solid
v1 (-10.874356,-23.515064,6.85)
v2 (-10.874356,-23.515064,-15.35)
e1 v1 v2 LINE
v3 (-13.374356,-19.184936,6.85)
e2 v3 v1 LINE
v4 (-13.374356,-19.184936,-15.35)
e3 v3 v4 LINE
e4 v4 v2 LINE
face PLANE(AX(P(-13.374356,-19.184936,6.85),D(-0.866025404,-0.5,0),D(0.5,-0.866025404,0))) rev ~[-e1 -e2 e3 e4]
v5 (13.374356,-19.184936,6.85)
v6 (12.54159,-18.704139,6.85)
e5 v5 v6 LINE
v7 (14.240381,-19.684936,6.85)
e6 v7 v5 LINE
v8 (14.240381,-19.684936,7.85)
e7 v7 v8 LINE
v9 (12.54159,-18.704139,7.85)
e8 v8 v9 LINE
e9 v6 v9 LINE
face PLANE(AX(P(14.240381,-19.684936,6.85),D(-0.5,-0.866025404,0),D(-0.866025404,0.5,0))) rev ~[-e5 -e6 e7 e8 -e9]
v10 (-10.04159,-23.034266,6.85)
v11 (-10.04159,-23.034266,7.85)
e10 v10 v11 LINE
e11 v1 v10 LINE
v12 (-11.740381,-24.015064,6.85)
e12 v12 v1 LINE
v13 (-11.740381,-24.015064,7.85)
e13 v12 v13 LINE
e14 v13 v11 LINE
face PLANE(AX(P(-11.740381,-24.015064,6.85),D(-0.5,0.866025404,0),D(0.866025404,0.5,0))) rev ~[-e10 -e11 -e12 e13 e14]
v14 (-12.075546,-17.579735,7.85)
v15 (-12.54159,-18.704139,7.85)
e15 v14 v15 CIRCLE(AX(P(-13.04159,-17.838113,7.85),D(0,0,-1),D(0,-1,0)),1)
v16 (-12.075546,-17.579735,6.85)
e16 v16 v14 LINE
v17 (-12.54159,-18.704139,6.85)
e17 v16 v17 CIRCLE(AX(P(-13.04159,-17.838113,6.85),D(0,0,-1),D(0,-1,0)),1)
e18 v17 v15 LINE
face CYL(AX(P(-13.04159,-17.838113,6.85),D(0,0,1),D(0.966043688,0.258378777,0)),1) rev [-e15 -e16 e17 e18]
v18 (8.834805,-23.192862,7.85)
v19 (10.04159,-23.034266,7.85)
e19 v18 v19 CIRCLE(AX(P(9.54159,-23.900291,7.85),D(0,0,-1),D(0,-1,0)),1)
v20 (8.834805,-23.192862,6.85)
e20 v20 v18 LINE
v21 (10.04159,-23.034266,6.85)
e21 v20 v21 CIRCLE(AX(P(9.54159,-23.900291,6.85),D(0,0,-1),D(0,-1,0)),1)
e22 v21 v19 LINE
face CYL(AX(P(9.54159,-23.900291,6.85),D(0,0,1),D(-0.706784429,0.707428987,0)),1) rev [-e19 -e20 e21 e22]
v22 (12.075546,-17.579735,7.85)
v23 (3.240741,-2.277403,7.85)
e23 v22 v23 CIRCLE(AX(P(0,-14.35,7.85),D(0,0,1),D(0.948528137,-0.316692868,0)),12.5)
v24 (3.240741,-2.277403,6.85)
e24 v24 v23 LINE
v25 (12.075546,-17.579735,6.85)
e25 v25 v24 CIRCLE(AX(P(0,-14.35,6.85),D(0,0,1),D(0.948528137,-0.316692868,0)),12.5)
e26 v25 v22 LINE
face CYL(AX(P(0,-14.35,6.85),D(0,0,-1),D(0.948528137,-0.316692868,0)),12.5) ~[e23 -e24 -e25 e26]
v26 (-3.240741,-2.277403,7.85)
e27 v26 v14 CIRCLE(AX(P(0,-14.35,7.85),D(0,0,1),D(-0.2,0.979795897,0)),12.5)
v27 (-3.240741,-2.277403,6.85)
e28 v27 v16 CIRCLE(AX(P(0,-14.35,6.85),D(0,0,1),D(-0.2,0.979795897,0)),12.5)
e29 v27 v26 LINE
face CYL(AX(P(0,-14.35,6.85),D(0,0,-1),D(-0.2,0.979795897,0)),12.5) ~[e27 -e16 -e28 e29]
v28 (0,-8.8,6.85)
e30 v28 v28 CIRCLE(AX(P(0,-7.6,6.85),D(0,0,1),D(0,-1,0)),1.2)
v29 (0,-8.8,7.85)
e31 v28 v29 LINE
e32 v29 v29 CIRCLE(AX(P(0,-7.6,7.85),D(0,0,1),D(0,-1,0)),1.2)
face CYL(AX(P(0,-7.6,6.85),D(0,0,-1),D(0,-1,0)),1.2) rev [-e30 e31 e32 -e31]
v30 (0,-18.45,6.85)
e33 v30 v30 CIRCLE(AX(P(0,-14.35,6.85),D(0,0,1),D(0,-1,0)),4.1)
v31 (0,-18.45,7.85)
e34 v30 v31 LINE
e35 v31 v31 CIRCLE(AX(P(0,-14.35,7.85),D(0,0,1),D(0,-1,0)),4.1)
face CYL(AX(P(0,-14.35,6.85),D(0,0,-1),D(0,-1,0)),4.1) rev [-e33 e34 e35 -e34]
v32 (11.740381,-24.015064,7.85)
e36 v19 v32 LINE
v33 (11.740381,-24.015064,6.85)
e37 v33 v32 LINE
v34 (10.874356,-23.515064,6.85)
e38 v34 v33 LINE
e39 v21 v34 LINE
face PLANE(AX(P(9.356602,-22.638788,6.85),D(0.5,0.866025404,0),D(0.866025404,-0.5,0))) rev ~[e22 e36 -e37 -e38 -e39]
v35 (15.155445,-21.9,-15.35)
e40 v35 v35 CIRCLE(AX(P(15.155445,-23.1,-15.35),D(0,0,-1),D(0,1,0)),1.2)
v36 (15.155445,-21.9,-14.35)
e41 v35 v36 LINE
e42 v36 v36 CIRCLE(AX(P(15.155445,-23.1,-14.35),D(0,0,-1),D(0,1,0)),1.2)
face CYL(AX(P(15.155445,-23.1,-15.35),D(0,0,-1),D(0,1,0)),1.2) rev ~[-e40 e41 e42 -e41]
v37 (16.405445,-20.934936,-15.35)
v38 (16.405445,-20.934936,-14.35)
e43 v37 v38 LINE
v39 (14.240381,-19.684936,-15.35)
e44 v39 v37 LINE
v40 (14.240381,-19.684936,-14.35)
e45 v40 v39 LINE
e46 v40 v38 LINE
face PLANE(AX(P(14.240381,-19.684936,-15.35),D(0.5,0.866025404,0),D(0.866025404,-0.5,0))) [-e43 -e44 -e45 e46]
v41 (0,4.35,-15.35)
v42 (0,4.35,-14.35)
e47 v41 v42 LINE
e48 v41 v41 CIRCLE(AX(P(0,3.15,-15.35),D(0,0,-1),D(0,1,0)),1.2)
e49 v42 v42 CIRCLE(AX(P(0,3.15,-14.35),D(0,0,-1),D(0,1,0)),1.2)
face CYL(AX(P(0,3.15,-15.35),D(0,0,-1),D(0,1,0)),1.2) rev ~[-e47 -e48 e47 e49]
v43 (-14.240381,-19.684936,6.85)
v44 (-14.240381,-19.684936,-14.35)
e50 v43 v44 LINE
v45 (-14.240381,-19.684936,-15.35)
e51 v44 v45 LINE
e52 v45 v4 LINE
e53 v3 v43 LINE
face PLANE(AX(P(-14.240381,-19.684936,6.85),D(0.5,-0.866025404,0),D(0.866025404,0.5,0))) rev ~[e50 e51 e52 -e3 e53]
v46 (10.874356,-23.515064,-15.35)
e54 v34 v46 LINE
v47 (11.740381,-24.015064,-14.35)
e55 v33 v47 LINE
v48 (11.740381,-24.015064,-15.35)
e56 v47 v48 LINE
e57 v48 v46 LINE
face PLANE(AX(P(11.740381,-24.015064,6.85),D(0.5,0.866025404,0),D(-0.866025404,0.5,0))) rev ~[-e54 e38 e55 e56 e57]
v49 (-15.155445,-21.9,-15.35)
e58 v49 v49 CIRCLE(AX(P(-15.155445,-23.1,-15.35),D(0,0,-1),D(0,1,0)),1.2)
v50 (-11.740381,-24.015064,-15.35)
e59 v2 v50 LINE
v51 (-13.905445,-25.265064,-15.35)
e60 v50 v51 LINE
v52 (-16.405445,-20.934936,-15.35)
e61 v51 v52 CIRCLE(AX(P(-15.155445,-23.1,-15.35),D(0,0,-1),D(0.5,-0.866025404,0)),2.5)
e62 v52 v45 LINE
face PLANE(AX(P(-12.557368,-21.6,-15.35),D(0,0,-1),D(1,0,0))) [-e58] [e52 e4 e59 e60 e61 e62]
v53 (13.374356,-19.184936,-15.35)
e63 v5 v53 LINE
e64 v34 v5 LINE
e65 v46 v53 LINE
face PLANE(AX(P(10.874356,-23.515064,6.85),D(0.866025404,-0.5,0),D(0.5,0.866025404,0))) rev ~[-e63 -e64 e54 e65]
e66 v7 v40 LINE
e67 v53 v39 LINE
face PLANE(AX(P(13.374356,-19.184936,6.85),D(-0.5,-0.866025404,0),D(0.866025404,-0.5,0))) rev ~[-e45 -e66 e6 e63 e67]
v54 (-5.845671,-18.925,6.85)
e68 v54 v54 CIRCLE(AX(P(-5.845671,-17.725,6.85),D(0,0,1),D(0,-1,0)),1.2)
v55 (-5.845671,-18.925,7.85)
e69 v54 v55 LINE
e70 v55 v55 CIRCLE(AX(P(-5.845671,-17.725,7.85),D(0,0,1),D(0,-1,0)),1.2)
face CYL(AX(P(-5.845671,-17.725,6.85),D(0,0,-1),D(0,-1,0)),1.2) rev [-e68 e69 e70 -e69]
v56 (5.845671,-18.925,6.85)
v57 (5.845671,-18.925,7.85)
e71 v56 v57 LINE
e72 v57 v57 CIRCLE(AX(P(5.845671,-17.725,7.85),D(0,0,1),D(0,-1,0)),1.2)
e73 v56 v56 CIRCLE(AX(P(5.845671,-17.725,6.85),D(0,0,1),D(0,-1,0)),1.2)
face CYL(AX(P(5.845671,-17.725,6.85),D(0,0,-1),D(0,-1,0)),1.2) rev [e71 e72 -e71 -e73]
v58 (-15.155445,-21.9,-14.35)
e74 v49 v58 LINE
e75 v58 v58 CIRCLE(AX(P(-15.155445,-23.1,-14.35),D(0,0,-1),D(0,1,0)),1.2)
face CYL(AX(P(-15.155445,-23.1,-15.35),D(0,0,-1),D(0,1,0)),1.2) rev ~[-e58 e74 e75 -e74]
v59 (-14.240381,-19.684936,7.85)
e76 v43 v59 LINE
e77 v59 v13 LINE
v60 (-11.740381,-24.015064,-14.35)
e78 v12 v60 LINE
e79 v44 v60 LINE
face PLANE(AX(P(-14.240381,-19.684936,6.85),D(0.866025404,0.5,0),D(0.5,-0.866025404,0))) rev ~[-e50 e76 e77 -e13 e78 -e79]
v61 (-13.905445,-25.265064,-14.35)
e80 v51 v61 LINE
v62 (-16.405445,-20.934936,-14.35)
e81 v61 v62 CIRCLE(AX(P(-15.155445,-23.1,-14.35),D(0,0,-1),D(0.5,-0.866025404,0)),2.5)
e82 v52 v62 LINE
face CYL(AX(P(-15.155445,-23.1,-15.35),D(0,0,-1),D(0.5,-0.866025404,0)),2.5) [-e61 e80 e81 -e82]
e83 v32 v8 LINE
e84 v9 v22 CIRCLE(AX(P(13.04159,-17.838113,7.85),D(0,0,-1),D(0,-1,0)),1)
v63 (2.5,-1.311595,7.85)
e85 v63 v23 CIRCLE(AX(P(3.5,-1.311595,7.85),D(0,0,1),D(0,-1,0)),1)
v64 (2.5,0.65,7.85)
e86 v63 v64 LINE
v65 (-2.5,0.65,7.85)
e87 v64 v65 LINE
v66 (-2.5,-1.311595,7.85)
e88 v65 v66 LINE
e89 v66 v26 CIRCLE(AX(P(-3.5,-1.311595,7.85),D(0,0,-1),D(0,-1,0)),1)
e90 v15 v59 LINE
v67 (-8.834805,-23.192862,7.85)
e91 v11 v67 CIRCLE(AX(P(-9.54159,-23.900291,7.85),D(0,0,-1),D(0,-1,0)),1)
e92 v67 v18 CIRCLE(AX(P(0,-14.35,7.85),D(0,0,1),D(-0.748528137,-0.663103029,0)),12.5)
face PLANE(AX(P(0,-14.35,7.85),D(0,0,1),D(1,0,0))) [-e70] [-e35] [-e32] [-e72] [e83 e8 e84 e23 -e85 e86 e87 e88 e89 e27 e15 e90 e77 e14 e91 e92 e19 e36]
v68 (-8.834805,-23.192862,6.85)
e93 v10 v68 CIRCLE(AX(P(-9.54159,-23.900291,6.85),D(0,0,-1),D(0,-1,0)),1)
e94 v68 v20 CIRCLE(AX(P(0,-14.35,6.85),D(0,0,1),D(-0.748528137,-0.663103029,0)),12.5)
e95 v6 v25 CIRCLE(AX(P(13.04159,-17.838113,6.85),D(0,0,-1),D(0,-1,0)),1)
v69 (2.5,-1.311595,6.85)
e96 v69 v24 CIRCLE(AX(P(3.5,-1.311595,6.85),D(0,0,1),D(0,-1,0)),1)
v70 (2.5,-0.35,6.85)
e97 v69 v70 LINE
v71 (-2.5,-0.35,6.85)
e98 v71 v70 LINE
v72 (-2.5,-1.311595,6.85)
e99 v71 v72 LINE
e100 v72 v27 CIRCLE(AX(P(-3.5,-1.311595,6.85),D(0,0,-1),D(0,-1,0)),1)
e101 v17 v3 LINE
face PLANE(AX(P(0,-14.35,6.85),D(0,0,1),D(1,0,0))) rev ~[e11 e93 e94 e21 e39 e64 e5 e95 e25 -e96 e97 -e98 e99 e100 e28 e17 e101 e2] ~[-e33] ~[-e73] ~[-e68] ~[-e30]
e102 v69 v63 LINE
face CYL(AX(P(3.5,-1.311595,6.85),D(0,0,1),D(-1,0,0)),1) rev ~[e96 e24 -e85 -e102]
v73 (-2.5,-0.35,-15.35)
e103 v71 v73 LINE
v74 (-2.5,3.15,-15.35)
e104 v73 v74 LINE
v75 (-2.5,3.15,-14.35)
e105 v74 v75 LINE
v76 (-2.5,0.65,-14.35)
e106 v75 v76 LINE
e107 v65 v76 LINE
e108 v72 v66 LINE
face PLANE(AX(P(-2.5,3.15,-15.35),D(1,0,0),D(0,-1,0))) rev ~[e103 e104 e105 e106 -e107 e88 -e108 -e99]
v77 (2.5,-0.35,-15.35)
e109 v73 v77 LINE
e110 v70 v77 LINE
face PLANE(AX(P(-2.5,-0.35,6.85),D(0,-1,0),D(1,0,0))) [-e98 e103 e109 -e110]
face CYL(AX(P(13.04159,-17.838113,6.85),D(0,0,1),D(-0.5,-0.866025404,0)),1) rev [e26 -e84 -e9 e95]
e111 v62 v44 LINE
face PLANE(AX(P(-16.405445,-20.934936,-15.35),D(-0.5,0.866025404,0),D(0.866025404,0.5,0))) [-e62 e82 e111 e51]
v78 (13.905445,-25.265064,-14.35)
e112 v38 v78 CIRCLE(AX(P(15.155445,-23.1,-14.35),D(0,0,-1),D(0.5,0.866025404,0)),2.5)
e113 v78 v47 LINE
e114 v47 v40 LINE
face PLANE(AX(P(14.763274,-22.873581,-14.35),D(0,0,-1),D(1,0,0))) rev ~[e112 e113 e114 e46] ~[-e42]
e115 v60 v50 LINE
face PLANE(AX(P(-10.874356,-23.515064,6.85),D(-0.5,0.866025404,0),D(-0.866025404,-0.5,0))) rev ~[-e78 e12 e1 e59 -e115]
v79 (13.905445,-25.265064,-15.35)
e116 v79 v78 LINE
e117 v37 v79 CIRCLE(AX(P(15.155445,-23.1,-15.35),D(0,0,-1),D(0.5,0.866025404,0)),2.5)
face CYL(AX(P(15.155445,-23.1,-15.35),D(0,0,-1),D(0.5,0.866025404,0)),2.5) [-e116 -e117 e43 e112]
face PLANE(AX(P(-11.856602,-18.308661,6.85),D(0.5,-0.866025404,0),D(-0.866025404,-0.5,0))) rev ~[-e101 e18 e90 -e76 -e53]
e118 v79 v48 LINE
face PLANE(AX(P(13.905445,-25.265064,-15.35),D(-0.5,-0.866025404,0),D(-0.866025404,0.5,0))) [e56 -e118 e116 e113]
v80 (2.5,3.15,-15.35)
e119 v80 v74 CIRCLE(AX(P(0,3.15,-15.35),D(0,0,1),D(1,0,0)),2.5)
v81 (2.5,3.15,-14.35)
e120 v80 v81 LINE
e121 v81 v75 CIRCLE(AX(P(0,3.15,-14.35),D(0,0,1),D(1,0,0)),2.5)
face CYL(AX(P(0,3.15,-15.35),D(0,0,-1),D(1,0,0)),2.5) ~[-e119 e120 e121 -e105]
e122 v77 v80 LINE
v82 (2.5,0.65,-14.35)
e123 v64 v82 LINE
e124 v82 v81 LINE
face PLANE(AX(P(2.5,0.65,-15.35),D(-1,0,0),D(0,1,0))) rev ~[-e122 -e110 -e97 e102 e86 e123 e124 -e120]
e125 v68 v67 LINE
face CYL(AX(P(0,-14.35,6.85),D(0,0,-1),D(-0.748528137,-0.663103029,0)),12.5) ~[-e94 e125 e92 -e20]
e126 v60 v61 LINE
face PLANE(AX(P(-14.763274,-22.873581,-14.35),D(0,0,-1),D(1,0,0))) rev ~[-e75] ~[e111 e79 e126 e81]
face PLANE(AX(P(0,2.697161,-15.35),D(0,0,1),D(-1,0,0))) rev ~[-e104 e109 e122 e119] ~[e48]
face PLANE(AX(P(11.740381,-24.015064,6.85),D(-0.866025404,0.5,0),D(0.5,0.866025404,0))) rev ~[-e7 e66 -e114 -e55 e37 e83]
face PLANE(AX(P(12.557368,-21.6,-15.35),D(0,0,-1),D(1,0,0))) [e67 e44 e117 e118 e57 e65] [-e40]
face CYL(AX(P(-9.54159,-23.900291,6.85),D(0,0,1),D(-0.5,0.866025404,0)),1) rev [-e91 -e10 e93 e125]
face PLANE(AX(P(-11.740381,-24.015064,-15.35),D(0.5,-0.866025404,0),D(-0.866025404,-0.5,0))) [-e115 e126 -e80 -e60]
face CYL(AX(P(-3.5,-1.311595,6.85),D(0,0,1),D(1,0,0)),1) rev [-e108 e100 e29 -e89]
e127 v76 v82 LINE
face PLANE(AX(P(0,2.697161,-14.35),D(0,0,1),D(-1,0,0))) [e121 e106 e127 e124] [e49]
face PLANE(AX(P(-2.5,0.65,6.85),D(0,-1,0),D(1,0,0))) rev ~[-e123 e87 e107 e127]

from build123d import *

# Parameters (mm, degrees)
ESBO_O1_R                = 4.1
ESBO_O1_R_2              = 1.2
RESSALTO_EXTRUS_O1_DEPTH = 1
ESBO_O2_W                = 5
ESBO_O2_H                = 1
RESSALTO_EXTRUS_O2_DEPTH = 22.2
ESBO_O3_R                = 1.2
RESSALTO_EXTRUS_O3_DEPTH = 1
FILETE1_R                = 1
BODY_MOVE_COPY2_ANGLE    = 90


with BuildPart() as part:
    # Esboço1 → Ressalto-extrusão1 (new body)
    with BuildSketch(Plane(origin=(0, 0, 0), x_dir=(1, 0, 0), z_dir=(0, 1, 0))):
        with BuildLine():
            Line((-2.5, 15), (-2.5, 12.247448714))
            ThreePointArc((-2.5, 12.247448714), (-10.825317547, 6.25), (-11.856601718, -3.958660847))
            Line((-11.856601718, -3.958660847), (-14.240381057, -5.334936491))
            Line((-14.240381057, -5.334936491), (-11.740381057, -9.665063509))
            Line((-11.740381057, -9.665063509), (-9.356601718, -8.288787866))
            ThreePointArc((-9.356601718, -8.288787866), (0, -12.5), (9.356601718, -8.288787866))
            Line((9.356601718, -8.288787866), (11.740381057, -9.665063509))
            Line((11.740381057, -9.665063509), (14.240381057, -5.334936491))
            Line((14.240381057, -5.334936491), (11.856601718, -3.958660847))
            ThreePointArc((11.856601718, -3.958660847), (10.825317547, 6.25), (2.5, 12.247448714))
            Line((2.5, 12.247448714), (2.5, 15))
            Line((2.5, 15), (-2.5, 15))
        make_face()
        with Locations(Location((0, 0, 0), (0, 0, 270))):
            Circle(ESBO_O1_R, mode=Mode.SUBTRACT)
        with Locations(Location((0, 6.75, 0), (0, 0, 270))):
            Circle(ESBO_O1_R_2, mode=Mode.SUBTRACT)
        with Locations(Location((5.845671476, -3.375, 0), (0, 0, 270))):
            Circle(ESBO_O1_R_2, mode=Mode.SUBTRACT)
        with Locations(Location((-5.845671476, -3.375, 0), (0, 0, 270))):
            Circle(ESBO_O1_R_2, mode=Mode.SUBTRACT)
    extrude(amount=RESSALTO_EXTRUS_O1_DEPTH)

    # Esboço2 → Ressalto-extrusão2 (add)
    with BuildSketch(Plane.XZ):
        with Locations((0, -14.5)):
            Rectangle(ESBO_O2_W, ESBO_O2_H)
        Polygon((-10.874355653, 9.165063509), (-11.740381057, 9.665063509), (-14.240381057, 5.334936491), (-13.374355653, 4.834936491), align=None)
        Polygon((13.374355653, 4.834936491), (14.240381057, 5.334936491), (11.740381057, 9.665063509), (10.874355653, 9.165063509), align=None)
    extrude(amount=RESSALTO_EXTRUS_O2_DEPTH)

    # Esboço3 → Ressalto-extrusão3 (add)
    # profile 1 of 3: a face of its own
    with BuildSketch(Plane.XZ.offset(22.2)):
        with BuildLine():
            Line((2.5, -15), (2.5, -17.5))
            ThreePointArc((2.5, -17.5), (0, -20), (-2.5, -17.5))
            Line((-2.5, -17.5), (-2.5, -15))
            Line((-2.5, -15), (2.5, -15))
        make_face()
        with Locations(Location((0, -17.5, 0), (0, 0, 270))):
            Circle(ESBO_O3_R, mode=Mode.SUBTRACT)
    # profile 2 of 3: a face of its own
    with BuildSketch(Plane.XZ.offset(22.2)):
        with BuildLine():
            Line((-11.740381057, 9.665063509), (-13.905444566, 10.915063509))
            ThreePointArc((-13.905444566, 10.915063509), (-17.320508076, 10), (-16.405444566, 6.584936491))
            Line((-16.405444566, 6.584936491), (-14.240381057, 5.334936491))
            Line((-14.240381057, 5.334936491), (-11.740381057, 9.665063509))
        make_face()
        with Locations(Location((-15.155444566, 8.75, 0), (0, 0, 270))):
            Circle(ESBO_O3_R, mode=Mode.SUBTRACT)
    # profile 3 of 3: a face of its own
    with BuildSketch(Plane.XZ.offset(22.2)):
        with BuildLine():
            Line((14.240381057, 5.334936491), (16.405444566, 6.584936491))
            ThreePointArc((16.405444566, 6.584936491), (17.320508076, 10), (13.905444566, 10.915063509))
            Line((13.905444566, 10.915063509), (11.740381057, 9.665063509))
            Line((11.740381057, 9.665063509), (14.240381057, 5.334936491))
        make_face()
        with Locations(Location((15.155444566, 8.75, 0), (0, 0, 270))):
            Circle(ESBO_O3_R, mode=Mode.SUBTRACT)
    extrude(amount=-RESSALTO_EXTRUS_O3_DEPTH)

    # Filete1
    filete1_edges = [part.edges().sort_by_distance(p)[0] for p in [
        (11.856601718, 0.5, 3.958660847),
        (2.5, 0.5, -12.247448714),
        (-2.5, 0.5, -12.247448714),
        (-11.856601718, 0.5, 3.958660847),
        (9.356601718, 0.5, 8.288787866),
        (-9.356601718, 0.5, 8.288787866),
    ]]
    fillet(filete1_edges, radius=FILETE1_R)


with BuildPart() as part_1:
    # Body-Move/Copy2: moved
    add(part.part.rotate(Axis((0, -10.6, -3.75), (1, 0, 0)), BODY_MOVE_COPY2_ANGLE))


solid = part_1.part
